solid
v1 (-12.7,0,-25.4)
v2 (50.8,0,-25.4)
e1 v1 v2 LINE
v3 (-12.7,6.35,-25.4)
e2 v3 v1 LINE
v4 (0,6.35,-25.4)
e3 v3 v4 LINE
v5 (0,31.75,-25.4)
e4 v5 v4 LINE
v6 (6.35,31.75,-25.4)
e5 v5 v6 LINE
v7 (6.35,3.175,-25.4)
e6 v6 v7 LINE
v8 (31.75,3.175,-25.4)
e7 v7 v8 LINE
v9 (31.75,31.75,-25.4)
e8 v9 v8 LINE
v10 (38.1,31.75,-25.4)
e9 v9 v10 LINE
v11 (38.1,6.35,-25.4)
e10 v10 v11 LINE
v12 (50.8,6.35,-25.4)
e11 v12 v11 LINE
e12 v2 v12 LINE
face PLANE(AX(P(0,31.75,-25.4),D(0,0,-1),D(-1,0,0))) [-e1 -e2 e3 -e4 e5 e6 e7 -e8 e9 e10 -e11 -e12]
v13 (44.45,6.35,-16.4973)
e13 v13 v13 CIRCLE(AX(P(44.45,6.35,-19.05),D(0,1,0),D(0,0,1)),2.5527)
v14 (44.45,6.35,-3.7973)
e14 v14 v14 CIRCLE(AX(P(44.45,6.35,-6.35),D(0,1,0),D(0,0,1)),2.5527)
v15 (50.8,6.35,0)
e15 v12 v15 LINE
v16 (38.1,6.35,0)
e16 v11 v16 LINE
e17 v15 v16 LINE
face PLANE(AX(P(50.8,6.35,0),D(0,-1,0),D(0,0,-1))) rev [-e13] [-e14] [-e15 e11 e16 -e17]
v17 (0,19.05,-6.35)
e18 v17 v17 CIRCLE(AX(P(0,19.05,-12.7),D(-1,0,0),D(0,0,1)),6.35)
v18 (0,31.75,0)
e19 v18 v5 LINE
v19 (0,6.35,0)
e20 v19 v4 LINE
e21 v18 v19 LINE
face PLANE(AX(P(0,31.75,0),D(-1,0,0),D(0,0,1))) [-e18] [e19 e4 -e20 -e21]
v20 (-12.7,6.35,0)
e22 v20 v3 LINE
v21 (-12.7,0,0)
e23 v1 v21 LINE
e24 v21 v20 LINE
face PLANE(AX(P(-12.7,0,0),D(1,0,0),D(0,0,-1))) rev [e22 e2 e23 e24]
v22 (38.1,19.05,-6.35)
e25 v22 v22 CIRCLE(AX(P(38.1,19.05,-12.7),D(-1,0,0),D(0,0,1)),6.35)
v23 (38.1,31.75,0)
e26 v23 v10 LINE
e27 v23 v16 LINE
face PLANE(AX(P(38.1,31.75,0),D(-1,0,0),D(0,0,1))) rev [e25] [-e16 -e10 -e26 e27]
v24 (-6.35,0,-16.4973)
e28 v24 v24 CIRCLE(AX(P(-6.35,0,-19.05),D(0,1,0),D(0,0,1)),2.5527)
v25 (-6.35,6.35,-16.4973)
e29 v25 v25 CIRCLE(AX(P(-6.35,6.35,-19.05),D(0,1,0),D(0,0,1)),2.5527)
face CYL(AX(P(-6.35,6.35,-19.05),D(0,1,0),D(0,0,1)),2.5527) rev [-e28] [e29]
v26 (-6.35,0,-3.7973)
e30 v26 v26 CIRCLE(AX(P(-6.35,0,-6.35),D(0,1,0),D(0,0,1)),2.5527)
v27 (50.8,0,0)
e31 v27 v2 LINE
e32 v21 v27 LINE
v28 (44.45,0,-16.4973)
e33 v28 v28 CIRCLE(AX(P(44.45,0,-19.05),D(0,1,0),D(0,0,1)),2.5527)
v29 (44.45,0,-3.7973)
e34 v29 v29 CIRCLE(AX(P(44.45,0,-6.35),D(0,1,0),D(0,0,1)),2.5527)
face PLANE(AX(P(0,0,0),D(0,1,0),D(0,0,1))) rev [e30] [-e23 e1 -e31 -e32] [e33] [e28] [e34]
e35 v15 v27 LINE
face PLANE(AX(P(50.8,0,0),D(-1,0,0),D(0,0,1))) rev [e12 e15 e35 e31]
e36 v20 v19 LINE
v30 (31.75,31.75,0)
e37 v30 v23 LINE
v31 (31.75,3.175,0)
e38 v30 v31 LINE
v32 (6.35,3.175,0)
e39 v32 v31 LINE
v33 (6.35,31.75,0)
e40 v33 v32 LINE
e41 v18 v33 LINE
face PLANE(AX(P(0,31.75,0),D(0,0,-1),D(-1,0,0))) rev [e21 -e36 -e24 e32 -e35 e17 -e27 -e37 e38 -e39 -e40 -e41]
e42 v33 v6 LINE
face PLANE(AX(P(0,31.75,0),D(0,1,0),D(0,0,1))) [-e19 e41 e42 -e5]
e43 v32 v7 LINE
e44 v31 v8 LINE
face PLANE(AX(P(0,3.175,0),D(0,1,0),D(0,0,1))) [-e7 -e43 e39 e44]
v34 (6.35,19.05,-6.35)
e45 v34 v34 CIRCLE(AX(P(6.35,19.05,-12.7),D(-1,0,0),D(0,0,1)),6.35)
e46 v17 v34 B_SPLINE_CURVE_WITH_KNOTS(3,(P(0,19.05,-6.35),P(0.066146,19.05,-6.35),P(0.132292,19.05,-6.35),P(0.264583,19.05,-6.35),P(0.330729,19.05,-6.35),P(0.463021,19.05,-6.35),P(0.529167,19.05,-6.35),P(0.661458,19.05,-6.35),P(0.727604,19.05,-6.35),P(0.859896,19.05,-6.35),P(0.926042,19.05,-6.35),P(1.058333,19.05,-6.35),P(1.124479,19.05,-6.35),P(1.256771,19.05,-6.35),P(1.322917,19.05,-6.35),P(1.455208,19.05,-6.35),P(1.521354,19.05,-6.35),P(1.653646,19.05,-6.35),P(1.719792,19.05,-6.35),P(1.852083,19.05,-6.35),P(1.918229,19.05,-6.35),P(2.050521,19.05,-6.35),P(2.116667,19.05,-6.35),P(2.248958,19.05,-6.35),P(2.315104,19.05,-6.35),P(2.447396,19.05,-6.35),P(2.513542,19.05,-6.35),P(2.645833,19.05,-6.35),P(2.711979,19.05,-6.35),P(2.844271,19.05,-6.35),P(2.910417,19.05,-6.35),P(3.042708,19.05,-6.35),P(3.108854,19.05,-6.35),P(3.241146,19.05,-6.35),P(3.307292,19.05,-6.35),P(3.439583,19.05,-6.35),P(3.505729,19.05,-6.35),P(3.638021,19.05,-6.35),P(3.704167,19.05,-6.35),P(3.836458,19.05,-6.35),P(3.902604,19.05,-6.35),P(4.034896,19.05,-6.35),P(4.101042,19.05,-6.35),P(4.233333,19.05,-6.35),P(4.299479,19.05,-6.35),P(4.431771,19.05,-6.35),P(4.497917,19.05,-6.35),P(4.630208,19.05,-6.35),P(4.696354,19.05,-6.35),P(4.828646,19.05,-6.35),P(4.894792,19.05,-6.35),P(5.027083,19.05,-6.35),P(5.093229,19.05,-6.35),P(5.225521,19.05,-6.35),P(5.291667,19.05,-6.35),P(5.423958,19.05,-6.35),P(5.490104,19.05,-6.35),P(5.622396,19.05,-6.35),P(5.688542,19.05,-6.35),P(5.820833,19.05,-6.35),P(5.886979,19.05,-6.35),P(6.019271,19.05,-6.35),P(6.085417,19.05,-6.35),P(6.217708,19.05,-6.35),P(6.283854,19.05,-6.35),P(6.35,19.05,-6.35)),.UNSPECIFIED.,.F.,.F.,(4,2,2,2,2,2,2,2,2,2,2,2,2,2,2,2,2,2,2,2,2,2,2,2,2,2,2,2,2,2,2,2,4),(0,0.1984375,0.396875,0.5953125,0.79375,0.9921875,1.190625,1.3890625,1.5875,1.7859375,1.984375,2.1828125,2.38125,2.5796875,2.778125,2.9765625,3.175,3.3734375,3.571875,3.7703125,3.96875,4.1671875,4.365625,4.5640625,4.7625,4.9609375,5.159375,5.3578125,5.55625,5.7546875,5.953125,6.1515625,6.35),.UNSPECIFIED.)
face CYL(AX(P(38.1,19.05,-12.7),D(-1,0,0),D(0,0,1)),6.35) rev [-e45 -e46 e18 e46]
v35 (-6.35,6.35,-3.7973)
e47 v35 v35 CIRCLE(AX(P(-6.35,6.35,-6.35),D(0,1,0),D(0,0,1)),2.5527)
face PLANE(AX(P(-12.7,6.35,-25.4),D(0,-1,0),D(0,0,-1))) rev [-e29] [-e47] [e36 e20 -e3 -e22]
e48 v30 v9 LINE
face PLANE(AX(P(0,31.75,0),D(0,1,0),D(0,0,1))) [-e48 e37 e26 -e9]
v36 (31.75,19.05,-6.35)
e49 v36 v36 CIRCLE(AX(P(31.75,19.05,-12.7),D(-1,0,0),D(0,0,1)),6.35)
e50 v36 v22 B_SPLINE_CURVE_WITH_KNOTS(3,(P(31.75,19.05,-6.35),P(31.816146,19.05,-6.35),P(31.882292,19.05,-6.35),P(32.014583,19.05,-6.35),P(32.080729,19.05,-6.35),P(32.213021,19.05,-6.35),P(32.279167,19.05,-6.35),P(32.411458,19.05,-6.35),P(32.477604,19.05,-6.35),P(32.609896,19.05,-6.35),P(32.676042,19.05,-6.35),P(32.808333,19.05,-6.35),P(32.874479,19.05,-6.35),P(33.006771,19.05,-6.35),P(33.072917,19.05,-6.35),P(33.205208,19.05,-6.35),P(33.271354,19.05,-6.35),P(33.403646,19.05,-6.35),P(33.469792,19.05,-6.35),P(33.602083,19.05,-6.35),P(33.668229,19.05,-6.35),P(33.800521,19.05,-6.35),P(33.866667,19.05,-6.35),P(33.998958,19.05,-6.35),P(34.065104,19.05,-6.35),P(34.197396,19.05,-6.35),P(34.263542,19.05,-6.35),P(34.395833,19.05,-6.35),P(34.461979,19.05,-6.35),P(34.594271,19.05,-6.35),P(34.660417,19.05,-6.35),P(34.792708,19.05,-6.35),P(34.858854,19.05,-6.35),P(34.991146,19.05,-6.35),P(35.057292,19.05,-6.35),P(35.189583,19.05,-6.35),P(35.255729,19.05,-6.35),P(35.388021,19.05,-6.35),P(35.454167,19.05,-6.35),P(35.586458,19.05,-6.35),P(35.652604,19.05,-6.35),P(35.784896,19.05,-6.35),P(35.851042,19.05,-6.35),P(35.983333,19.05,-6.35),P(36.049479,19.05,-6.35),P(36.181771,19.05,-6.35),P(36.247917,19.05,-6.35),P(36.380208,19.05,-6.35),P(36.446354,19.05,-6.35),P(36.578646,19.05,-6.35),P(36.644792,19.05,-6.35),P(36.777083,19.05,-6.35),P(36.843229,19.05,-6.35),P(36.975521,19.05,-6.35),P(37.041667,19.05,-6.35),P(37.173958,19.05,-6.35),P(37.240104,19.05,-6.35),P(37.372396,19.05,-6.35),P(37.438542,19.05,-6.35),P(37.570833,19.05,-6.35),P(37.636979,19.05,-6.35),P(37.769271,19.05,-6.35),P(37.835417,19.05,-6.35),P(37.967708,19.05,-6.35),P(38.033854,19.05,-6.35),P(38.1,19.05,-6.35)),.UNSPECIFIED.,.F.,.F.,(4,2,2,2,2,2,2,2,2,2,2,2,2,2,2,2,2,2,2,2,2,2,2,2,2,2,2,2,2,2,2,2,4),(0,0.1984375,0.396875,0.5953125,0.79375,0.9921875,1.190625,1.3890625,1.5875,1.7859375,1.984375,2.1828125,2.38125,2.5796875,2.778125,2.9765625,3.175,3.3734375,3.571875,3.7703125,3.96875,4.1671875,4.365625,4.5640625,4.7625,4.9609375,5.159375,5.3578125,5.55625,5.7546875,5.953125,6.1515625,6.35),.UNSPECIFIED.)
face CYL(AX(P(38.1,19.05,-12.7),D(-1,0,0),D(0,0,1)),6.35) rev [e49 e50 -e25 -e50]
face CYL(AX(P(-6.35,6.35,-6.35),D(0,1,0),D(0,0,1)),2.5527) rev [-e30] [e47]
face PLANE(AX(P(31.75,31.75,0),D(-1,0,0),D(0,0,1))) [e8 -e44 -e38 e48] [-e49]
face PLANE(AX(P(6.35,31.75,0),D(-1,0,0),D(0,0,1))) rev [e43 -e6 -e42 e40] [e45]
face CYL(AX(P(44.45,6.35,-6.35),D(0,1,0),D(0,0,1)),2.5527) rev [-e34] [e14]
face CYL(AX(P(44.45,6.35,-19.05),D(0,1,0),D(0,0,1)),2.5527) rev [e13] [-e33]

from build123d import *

# Parameters (mm, degrees)
SKETCH2_W                   = 6.35
SKETCH2_H                   = 25.4
BOSS_EXTRUDE1_DEPTH         = 31.75
BOSS_EXTRUDE1_2_DEPTH       = 31.75
SKETCH2_3_W                 = 25.4
SKETCH2_3_H                 = 25.4
BOSS_EXTRUDE2_DEPTH         = 3.175
SKETCH3_R                   = 6.35
CUT_EXTRUDE1_DEPTH          = 56.72102386
SKETCH4_W                   = 25.4
SKETCH4_H                   = 6.35
BOSS_EXTRUDE3_DEPTH         = 12.7
SKETCH9_W                   = 25.4
SKETCH9_H                   = 6.35
BOSS_EXTRUDE5_DEPTH         = 12.7
F_1_4_20_TAPPED_HOLE3_D     = 5.1054
F_1_4_20_TAPPED_HOLE3_DEPTH = 19.05
F_1_4_20_TAPPED_HOLE3_TIP   = 1.533816902


with BuildPart() as part:
    # Sketch2 → Boss-Extrude1 (new body)
    with BuildSketch(Plane(origin=(0, 0, 0), x_dir=(1, 0, 0), z_dir=(0, 1, 0))):
        with Locations((3.175, 12.7)):
            Rectangle(SKETCH2_W, SKETCH2_H)
    extrude(amount=BOSS_EXTRUDE1_DEPTH)



with BuildPart() as body_2:
    # Sketch2 → Boss-Extrude1 2 (new body)
    with BuildSketch(Plane(origin=(0, 0, 0), x_dir=(1, 0, 0), z_dir=(0, 1, 0))):
        with Locations((34.925, 12.7)):
            Rectangle(SKETCH2_W, SKETCH2_H)
    extrude(amount=BOSS_EXTRUDE1_2_DEPTH)


with BuildPart() as part_1:
    add(part.part)

    add(body_2.part)  # Boss-Extrude2 merges body 2
    # Sketch2<3> → Boss-Extrude2 (add)
    with BuildSketch(Plane(origin=(0, 0, 0), x_dir=(1, 0, 0), z_dir=(0, 1, 0))):
        with Locations((19.05, 12.7)):
            Rectangle(SKETCH2_3_W, SKETCH2_3_H)
    extrude(amount=BOSS_EXTRUDE2_DEPTH)

    # Sketch3 → Cut-Extrude1 (cut, through all)
    with BuildSketch(Plane.ZY):
        with Locations((-12.7, 19.05)):
            Circle(SKETCH3_R)
    extrude(amount=-CUT_EXTRUDE1_DEPTH, mode=Mode.SUBTRACT)

    # Sketch4 → Boss-Extrude3 (add)
    with BuildSketch(Plane.ZY):
        with Locations((-12.7, 3.175)):
            Rectangle(SKETCH4_W, SKETCH4_H)
    extrude(amount=BOSS_EXTRUDE3_DEPTH)

    # Sketch9 → Boss-Extrude5 (add)
    with BuildSketch(Plane(origin=(38.1, 0, 0), x_dir=(0, 0, -1), z_dir=(1, 0, 0))):
        with Locations((12.7, 3.175)):
            Rectangle(SKETCH9_W, SKETCH9_H)
    extrude(amount=BOSS_EXTRUDE5_DEPTH)

    # 1/4-20 Tapped Hole3
    with Locations(Plane(origin=(-6.35, 6.35, -19.05), x_dir=(0, 0, 1), z_dir=(0, 1, 0))):
        with Locations((0, 0), (12.7, 0), (12.7, 50.8), (0, 50.8)):
            Hole(F_1_4_20_TAPPED_HOLE3_D / 2, depth=F_1_4_20_TAPPED_HOLE3_DEPTH)
            with Locations((0, 0, -(F_1_4_20_TAPPED_HOLE3_DEPTH + F_1_4_20_TAPPED_HOLE3_TIP / 2))):  # 118° drill point
                Cone(0, F_1_4_20_TAPPED_HOLE3_D / 2, F_1_4_20_TAPPED_HOLE3_TIP, mode=Mode.SUBTRACT)


solid = part_1.part
